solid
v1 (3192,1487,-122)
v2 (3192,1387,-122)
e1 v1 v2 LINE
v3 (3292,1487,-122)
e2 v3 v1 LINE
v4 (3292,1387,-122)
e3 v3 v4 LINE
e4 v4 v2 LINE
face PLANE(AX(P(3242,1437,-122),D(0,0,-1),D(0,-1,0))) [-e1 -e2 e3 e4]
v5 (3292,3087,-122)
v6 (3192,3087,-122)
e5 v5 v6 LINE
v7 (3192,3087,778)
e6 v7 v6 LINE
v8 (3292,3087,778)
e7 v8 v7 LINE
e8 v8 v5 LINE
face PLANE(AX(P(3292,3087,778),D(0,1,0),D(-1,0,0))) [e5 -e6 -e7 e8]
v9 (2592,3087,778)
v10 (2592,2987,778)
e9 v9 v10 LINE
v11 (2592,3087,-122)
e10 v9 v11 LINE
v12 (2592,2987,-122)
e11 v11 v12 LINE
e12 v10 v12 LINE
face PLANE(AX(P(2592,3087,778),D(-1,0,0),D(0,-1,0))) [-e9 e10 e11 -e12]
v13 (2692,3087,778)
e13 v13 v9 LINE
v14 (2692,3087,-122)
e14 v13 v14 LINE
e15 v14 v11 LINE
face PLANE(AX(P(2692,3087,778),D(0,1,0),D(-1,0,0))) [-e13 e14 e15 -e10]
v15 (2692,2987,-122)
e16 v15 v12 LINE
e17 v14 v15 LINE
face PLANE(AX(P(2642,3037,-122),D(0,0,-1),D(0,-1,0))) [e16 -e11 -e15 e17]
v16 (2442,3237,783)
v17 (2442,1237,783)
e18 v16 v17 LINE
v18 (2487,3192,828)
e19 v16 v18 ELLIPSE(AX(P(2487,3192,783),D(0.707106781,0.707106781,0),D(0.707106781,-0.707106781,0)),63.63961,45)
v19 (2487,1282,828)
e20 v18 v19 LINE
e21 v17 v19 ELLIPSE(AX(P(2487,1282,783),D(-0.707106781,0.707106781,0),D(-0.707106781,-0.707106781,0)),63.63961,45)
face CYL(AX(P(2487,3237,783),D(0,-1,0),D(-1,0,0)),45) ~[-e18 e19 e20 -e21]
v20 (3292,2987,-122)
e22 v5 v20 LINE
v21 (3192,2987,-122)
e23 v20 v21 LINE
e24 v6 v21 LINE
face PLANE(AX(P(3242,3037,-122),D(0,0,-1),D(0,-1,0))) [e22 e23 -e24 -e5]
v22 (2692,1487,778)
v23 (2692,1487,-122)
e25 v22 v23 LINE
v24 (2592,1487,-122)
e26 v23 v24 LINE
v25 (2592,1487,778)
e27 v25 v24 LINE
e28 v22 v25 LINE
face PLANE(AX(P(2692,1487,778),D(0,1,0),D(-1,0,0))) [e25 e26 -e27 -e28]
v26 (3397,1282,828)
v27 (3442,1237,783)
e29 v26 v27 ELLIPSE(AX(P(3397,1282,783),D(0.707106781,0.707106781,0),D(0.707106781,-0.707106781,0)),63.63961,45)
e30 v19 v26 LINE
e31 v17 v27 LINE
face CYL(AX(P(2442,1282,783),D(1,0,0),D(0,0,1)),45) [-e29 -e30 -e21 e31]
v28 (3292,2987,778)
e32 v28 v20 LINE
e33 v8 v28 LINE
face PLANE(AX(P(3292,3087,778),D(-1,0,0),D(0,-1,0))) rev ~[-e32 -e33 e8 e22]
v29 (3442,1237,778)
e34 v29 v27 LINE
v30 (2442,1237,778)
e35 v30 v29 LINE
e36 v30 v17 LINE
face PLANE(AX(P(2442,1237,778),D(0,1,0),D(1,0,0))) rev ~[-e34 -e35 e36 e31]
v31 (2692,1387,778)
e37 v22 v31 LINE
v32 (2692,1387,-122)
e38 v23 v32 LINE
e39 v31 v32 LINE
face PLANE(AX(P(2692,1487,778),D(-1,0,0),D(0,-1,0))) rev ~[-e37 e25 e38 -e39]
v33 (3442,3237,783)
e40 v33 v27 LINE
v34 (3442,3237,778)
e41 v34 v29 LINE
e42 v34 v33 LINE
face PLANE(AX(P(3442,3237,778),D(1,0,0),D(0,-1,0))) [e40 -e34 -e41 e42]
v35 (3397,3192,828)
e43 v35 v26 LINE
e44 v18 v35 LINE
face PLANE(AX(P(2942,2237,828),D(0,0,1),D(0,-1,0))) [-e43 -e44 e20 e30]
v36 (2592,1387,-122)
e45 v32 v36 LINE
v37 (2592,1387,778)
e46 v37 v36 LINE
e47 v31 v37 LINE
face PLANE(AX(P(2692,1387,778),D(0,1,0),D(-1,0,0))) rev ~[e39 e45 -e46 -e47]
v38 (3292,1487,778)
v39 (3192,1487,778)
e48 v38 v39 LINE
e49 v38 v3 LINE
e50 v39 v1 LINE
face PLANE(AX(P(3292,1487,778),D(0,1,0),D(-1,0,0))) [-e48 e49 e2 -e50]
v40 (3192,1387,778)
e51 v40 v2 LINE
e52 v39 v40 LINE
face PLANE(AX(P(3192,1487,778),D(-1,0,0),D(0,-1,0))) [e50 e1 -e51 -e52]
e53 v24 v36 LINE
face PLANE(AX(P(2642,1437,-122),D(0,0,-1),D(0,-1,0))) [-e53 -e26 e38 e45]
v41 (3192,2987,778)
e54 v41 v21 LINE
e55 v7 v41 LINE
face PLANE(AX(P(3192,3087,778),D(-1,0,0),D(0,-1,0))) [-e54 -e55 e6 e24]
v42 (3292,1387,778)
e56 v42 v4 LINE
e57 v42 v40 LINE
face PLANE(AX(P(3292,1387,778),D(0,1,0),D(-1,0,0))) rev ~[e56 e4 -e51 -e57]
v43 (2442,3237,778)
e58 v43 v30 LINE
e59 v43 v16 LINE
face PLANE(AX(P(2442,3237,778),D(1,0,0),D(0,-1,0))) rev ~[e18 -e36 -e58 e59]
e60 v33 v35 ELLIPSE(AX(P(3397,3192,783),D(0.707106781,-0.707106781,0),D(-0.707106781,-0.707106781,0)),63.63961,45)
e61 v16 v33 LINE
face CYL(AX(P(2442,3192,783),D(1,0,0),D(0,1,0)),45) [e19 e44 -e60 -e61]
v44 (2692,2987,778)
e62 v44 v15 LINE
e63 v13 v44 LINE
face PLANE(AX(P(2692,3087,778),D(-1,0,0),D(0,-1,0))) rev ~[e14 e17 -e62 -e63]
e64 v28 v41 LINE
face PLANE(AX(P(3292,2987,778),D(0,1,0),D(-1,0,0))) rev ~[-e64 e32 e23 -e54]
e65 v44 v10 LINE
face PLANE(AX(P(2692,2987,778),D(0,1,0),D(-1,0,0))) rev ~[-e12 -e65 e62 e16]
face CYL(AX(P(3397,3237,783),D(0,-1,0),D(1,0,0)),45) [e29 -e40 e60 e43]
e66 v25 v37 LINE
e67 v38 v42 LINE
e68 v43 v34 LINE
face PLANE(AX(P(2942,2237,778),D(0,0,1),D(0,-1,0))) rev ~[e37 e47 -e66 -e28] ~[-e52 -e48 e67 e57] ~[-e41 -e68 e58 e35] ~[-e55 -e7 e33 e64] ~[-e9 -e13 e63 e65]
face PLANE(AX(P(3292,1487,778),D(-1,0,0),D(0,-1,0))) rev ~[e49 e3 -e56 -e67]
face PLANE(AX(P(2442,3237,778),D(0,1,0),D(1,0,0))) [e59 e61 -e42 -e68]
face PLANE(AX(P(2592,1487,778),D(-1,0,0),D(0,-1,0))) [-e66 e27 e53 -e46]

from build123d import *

# Parameters (mm, degrees)
SKETCH011_W             = 2000
SKETCH011_H             = 1000
PAD004_DEPTH            = 50
SKETCH012_W             = 100
SKETCH012_H             = 100
PAD005_DEPTH            = 900
SKETCH013_W             = 100
SKETCH013_H             = 100
PAD006_DEPTH            = 900
SKETCH014_W             = 100
SKETCH014_H             = 100
PAD007_DEPTH            = 900
SKETCH015_W             = 100
SKETCH015_H             = 100
PAD008_DEPTH            = 900
FILLET010_R             = 45
BODY002_PLACEMENT_ANGLE = 90


with BuildPart() as part:
    # Sketch011 → Pad004 (new body)
    with BuildSketch(Plane.XY):
        with Locations((1000, 500)):
            Rectangle(SKETCH011_W, SKETCH011_H)
    extrude(amount=PAD004_DEPTH)

    # Sketch012 (on Face5 of Pad004) → Pad005 (join)
    with BuildSketch(Plane(origin=(0, 0, 0), x_dir=(1, 0, 0), z_dir=(0, 0, -1))):
        with Locations((200, -200)):
            Rectangle(SKETCH012_W, SKETCH012_H)
    extrude(amount=PAD005_DEPTH)

    # Sketch013 (on Face4 of Pad005) → Pad006 (join)
    with BuildSketch(Plane(origin=(0, 0, 0), x_dir=(1, 0, 0), z_dir=(0, 0, -1))):
        with Locations((1800, -200)):
            Rectangle(SKETCH013_W, SKETCH013_H)
    extrude(amount=PAD006_DEPTH)

    # Sketch014 (on Face4 of Pad006) → Pad007 (join)
    with BuildSketch(Plane(origin=(0, 0, 0), x_dir=(1, 0, 0), z_dir=(0, 0, -1))):
        with Locations((200, -800)):
            Rectangle(SKETCH014_W, SKETCH014_H)
    extrude(amount=PAD007_DEPTH)

    # Sketch015 (on Face4 of Pad007) → Pad008 (join)
    with BuildSketch(Plane(origin=(0, 0, 0), x_dir=(1, 0, 0), z_dir=(0, 0, -1))):
        with Locations((1800, -800)):
            Rectangle(SKETCH015_W, SKETCH015_H)
    extrude(amount=PAD008_DEPTH)

    # Fillet010
    fillet010_edges = [part.edges().sort_by_distance(p)[0] for p in [
        (1000, 0, 50),
        (2000, 500, 50),
        (1000, 1000, 50),
        (0, 500, 50),
    ]]
    fillet(fillet010_edges, radius=FILLET010_R)


with BuildPart() as part_1:
    # Body002 placement: moved
    add(part.part.moved(Location((2442, 3237, 778))).rotate(Axis((2442, 3237, 778), (0, 0, -1)), BODY002_PLACEMENT_ANGLE))


solid = part_1.part
